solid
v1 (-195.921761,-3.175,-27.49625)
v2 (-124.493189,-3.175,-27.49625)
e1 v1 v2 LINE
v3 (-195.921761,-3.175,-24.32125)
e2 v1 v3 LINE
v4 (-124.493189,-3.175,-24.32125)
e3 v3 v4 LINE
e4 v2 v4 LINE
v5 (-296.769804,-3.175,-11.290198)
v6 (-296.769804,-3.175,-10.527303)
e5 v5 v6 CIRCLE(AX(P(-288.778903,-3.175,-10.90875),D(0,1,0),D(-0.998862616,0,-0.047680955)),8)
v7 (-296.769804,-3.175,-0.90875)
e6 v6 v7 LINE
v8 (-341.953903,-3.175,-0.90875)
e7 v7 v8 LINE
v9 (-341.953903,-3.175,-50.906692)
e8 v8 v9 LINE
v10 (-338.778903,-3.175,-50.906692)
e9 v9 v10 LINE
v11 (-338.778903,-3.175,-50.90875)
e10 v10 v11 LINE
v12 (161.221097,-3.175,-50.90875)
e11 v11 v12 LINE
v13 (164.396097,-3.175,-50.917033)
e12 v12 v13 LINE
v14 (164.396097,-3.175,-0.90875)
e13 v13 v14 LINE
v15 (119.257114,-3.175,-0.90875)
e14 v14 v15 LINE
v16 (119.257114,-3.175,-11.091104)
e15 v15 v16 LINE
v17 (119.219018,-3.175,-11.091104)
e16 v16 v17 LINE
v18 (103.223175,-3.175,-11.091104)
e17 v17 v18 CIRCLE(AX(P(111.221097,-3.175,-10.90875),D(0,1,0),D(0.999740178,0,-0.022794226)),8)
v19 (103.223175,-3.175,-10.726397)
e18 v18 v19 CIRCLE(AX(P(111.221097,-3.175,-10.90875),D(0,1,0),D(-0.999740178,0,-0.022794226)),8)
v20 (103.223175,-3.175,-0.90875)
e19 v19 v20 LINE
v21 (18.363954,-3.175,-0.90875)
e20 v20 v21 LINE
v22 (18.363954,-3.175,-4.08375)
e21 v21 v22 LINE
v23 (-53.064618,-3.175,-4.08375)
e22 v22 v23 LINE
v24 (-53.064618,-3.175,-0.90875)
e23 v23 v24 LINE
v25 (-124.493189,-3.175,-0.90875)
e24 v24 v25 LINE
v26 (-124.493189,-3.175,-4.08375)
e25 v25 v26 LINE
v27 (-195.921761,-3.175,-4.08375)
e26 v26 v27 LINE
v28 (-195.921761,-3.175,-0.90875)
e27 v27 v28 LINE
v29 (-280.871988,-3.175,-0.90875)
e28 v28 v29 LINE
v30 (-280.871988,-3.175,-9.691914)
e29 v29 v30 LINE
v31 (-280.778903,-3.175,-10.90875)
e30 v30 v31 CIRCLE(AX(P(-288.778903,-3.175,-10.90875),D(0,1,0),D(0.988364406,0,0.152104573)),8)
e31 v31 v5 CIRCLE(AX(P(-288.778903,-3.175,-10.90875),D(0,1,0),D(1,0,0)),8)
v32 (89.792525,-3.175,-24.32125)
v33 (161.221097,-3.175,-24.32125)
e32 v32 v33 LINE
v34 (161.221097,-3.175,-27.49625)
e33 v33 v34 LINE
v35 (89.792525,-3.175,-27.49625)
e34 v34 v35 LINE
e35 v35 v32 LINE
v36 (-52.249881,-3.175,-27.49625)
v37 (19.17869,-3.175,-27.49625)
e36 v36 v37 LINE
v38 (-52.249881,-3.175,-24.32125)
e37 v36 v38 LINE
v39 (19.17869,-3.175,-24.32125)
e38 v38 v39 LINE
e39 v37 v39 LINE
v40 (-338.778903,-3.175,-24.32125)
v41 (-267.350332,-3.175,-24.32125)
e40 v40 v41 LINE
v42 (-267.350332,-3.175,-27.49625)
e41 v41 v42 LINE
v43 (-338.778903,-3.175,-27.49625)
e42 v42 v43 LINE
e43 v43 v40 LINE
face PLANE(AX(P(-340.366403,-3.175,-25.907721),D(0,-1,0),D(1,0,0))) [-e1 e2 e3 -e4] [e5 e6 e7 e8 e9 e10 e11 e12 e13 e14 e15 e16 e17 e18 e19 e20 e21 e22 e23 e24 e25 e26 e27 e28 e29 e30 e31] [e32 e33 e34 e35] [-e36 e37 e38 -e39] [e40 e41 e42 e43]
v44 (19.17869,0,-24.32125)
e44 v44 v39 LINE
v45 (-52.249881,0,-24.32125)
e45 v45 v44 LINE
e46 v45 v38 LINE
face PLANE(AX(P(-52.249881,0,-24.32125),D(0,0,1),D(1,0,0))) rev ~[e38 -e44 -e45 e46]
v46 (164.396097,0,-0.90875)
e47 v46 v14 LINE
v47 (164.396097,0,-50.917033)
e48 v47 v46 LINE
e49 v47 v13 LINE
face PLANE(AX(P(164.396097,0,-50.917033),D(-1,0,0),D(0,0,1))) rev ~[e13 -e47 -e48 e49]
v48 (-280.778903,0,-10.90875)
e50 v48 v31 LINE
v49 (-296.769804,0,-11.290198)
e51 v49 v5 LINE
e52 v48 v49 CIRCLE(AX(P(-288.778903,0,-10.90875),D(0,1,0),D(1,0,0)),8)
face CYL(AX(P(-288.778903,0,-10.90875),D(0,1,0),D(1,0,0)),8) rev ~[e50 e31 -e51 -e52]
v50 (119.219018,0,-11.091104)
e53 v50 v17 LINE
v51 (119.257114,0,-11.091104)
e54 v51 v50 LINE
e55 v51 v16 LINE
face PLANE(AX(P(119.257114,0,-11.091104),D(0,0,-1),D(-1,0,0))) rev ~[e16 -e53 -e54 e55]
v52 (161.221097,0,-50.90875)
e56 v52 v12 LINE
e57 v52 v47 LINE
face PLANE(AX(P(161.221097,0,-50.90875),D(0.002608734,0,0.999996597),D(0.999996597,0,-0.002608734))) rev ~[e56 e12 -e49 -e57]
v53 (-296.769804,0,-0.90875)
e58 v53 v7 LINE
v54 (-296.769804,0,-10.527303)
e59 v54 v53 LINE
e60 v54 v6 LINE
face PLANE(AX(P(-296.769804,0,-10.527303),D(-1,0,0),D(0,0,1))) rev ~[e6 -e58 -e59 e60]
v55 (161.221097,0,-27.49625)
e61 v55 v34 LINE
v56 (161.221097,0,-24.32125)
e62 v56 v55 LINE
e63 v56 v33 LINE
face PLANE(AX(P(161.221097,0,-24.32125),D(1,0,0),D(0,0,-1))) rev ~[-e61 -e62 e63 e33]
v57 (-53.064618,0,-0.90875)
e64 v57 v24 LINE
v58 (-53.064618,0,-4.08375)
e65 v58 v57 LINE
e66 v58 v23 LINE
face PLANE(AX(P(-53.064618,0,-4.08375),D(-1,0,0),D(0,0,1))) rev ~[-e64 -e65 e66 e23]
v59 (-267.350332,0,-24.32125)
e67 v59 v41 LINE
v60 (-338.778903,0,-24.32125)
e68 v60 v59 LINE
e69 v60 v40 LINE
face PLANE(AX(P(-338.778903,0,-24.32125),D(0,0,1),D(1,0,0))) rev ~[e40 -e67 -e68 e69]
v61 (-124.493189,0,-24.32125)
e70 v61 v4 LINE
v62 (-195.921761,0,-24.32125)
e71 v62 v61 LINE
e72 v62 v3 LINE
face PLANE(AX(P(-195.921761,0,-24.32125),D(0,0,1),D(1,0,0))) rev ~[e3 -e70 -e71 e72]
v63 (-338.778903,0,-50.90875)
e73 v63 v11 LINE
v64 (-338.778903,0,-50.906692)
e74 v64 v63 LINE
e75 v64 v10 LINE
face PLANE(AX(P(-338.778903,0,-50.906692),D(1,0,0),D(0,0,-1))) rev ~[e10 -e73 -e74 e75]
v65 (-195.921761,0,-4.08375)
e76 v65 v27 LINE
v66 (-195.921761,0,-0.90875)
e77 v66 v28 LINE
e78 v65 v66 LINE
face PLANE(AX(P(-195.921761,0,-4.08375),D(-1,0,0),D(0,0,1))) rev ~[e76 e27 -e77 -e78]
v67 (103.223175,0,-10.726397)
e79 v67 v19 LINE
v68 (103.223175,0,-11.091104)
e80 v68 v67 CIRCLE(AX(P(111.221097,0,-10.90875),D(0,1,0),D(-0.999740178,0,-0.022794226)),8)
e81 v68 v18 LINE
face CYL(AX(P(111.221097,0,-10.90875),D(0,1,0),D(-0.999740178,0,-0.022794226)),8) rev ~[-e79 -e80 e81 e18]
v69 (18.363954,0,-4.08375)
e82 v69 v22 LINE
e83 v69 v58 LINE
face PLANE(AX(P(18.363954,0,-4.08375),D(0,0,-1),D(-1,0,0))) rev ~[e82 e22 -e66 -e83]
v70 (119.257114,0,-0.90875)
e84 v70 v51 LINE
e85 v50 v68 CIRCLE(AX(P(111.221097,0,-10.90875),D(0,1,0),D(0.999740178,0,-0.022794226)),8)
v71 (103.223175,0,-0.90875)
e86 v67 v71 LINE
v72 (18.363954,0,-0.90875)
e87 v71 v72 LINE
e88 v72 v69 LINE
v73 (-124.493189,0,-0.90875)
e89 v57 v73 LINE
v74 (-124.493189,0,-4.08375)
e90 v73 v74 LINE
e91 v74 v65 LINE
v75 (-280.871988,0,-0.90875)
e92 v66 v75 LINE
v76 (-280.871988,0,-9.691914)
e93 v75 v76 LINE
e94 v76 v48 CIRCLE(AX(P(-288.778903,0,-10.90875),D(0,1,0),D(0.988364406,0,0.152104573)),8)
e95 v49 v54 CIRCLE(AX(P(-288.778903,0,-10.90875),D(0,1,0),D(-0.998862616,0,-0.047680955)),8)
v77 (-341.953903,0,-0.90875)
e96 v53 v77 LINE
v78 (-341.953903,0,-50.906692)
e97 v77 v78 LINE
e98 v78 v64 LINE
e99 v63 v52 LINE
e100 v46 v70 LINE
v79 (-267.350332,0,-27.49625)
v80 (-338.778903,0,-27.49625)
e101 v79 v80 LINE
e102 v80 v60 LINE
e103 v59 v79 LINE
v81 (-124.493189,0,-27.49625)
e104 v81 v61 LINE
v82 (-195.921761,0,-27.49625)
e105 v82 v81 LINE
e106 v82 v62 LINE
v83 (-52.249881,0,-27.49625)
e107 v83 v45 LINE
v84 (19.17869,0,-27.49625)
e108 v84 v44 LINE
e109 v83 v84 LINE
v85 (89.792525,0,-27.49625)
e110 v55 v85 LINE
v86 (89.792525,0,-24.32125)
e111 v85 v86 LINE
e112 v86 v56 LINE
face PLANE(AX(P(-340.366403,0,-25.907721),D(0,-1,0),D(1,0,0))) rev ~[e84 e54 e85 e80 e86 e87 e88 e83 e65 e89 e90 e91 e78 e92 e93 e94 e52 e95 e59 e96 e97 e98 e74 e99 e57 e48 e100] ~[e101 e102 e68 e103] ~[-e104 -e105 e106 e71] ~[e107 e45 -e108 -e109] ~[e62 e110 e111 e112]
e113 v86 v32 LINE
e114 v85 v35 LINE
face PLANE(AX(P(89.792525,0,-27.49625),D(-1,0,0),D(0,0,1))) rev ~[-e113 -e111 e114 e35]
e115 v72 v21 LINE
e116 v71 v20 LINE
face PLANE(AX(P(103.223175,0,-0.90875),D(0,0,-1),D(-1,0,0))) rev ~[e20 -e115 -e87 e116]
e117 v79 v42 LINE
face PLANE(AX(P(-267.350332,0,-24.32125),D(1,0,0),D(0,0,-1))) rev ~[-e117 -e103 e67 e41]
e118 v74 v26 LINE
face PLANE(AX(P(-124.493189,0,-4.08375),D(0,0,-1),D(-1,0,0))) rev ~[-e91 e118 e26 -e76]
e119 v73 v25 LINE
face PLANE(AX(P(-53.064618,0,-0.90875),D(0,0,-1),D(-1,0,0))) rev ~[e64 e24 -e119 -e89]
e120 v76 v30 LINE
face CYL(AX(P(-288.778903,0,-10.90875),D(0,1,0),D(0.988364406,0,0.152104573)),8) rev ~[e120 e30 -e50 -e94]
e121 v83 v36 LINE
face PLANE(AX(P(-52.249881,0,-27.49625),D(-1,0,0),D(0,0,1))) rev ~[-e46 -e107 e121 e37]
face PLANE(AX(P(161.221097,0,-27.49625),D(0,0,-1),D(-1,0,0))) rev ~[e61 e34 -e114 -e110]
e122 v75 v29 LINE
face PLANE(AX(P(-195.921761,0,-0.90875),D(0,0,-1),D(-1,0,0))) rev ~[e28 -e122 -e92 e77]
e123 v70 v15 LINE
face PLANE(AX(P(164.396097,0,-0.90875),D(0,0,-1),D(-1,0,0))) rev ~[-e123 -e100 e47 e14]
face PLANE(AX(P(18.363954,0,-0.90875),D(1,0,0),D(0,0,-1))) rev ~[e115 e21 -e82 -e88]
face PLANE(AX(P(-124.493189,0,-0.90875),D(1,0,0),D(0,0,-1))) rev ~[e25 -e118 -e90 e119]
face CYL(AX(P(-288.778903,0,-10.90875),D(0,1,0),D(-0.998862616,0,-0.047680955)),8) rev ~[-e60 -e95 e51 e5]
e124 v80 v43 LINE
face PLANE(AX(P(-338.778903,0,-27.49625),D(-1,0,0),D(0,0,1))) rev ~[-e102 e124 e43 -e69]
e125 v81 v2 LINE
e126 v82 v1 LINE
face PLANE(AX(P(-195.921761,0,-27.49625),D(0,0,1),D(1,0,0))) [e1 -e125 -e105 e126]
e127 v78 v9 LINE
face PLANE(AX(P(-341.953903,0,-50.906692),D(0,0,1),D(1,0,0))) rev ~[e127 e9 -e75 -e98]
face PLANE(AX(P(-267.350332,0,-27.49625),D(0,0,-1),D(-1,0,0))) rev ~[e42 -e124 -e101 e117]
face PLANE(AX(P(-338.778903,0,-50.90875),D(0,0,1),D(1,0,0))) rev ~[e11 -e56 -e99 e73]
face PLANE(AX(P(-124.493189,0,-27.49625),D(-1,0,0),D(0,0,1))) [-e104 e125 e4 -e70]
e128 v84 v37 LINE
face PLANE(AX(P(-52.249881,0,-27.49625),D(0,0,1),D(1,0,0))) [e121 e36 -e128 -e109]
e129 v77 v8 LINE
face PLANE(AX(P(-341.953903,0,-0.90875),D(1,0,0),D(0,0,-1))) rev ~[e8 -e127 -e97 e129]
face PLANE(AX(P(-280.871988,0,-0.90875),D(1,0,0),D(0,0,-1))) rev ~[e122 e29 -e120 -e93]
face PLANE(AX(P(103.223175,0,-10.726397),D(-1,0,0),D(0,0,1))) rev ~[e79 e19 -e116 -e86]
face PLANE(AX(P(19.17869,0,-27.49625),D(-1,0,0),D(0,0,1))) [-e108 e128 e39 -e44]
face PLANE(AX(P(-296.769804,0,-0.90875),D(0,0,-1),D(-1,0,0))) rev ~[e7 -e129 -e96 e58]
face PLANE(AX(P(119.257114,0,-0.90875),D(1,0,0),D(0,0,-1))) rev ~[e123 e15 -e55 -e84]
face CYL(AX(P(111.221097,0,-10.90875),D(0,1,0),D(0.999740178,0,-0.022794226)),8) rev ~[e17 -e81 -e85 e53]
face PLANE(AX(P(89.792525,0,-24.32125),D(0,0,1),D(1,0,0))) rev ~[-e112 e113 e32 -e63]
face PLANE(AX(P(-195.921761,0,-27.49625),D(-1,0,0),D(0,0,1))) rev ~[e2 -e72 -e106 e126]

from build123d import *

# Parameters (mm, degrees)
F0_W     = 71.4285714286
F0_H     = 3.175
F1_DEPTH = 3.175


with BuildPart() as f1:
    # F0 (on Front) → F1 (new body)
    with BuildSketch(Plane.XZ):
        Polygon((-341.9539034367, -50.9066917002), (-338.7789034367, -50.9066917002), (-338.7789034367, -27.4962503463), (-338.7789034367, -24.3212503463), (-338.7789034367, -4.0837503463), (-338.7789034367, -0.9087503463), (-341.9539034367, -0.9087503463), align=None)
        Polygon((161.2210965633, -27.4962503463), (161.2210965633, -50.9087503463), (164.3960965633, -50.9170331061), (164.3960965633, -0.9087503463), (161.2210965633, -0.9087503463), (161.2210965633, -4.0837503463), (161.2210965633, -24.3212503463), align=None)
        with BuildLine():
            Line((-338.7789034367, -50.9087503463), (161.2210965633, -50.9087503463))
            Line((161.2210965633, -50.9087503463), (161.2210965633, -27.4962503463))
            Line((161.2210965633, -27.4962503463), (89.7925251348, -27.4962503463))
            Line((89.7925251348, -27.4962503463), (89.7925251348, -24.3212503463))
            Line((89.7925251348, -24.3212503463), (161.2210965633, -24.3212503463))
            Line((161.2210965633, -24.3212503463), (161.2210965633, -4.0837503463))
            Line((161.2210965633, -4.0837503463), (161.2210965633, -0.9087503463))
            Line((161.2210965633, -0.9087503463), (119.2571139812, -0.9087503463))
            Line((119.2571139812, -0.9087503463), (119.2571139812, -11.0911041506))
            Line((119.2571139812, -11.0911041506), (119.2190179864, -11.0911041506))
            ThreePointArc((119.2190179864, -11.0911041506), (111.2210965633, -18.9087503463), (103.2231751402, -11.0911041506))
            ThreePointArc((103.2231751402, -11.0911041506), (103.2210965633, -10.9087503463), (103.2231751402, -10.726396542))
            Line((103.2231751402, -10.726396542), (103.2231751402, -0.9087503463))
            Line((103.2231751402, -0.9087503463), (89.7925251348, -0.9087503463))
            Line((89.7925251348, -0.9087503463), (18.3639537062, -0.9087503463))
            Line((18.3639537062, -0.9087503463), (18.3639537062, -4.0837503463))
            Line((18.3639537062, -4.0837503463), (-53.0646177224, -4.0837503463))
            Line((-53.0646177224, -4.0837503463), (-53.0646177224, -0.9087503463))
            Line((-53.0646177224, -0.9087503463), (-124.4931891509, -0.9087503463))
            Line((-124.4931891509, -0.9087503463), (-124.4931891509, -4.0837503463))
            Line((-124.4931891509, -4.0837503463), (-195.9217605795, -4.0837503463))
            Line((-195.9217605795, -4.0837503463), (-195.9217605795, -0.9087503463))
            Line((-195.9217605795, -0.9087503463), (-267.3503320081, -0.9087503463))
            Line((-267.3503320081, -0.9087503463), (-280.8719881892, -0.9087503463))
            Line((-280.8719881892, -0.9087503463), (-280.8719881892, -9.6919137633))
            ThreePointArc((-280.8719881892, -9.6919137633), (-280.8022085704, -10.2985544677), (-280.7789034367, -10.9087503463))
            ThreePointArc((-280.7789034367, -10.9087503463), (-288.5881253638, -18.9064752557), (-296.7698043684, -11.2901979827))
            ThreePointArc((-296.7698043684, -11.2901979827), (-296.7789034367, -10.9087503463), (-296.7698043684, -10.5273027099))
            Line((-296.7698043684, -10.5273027099), (-296.7698043684, -0.9087503463))
            Line((-296.7698043684, -0.9087503463), (-338.7789034367, -0.9087503463))
            Line((-338.7789034367, -0.9087503463), (-338.7789034367, -4.0837503463))
            Line((-338.7789034367, -4.0837503463), (-338.7789034367, -24.3212503463))
            Line((-338.7789034367, -24.3212503463), (-267.3503320081, -24.3212503463))
            Line((-267.3503320081, -24.3212503463), (-267.3503320081, -27.4962503463))
            Line((-267.3503320081, -27.4962503463), (-338.7789034367, -27.4962503463))
            Line((-338.7789034367, -27.4962503463), (-338.7789034367, -50.9066917002))
            Line((-338.7789034367, -50.9066917002), (-338.7789034367, -50.9087503463))
        make_face()
        with Locations((-160.2074748652, -25.9087503463)):
            Rectangle(F0_W, F0_H, mode=Mode.SUBTRACT)
        with Locations((-16.5355952723, -25.9087503463)):
            Rectangle(F0_W, F0_H, mode=Mode.SUBTRACT)
    extrude(amount=F1_DEPTH)


solid = f1.part
